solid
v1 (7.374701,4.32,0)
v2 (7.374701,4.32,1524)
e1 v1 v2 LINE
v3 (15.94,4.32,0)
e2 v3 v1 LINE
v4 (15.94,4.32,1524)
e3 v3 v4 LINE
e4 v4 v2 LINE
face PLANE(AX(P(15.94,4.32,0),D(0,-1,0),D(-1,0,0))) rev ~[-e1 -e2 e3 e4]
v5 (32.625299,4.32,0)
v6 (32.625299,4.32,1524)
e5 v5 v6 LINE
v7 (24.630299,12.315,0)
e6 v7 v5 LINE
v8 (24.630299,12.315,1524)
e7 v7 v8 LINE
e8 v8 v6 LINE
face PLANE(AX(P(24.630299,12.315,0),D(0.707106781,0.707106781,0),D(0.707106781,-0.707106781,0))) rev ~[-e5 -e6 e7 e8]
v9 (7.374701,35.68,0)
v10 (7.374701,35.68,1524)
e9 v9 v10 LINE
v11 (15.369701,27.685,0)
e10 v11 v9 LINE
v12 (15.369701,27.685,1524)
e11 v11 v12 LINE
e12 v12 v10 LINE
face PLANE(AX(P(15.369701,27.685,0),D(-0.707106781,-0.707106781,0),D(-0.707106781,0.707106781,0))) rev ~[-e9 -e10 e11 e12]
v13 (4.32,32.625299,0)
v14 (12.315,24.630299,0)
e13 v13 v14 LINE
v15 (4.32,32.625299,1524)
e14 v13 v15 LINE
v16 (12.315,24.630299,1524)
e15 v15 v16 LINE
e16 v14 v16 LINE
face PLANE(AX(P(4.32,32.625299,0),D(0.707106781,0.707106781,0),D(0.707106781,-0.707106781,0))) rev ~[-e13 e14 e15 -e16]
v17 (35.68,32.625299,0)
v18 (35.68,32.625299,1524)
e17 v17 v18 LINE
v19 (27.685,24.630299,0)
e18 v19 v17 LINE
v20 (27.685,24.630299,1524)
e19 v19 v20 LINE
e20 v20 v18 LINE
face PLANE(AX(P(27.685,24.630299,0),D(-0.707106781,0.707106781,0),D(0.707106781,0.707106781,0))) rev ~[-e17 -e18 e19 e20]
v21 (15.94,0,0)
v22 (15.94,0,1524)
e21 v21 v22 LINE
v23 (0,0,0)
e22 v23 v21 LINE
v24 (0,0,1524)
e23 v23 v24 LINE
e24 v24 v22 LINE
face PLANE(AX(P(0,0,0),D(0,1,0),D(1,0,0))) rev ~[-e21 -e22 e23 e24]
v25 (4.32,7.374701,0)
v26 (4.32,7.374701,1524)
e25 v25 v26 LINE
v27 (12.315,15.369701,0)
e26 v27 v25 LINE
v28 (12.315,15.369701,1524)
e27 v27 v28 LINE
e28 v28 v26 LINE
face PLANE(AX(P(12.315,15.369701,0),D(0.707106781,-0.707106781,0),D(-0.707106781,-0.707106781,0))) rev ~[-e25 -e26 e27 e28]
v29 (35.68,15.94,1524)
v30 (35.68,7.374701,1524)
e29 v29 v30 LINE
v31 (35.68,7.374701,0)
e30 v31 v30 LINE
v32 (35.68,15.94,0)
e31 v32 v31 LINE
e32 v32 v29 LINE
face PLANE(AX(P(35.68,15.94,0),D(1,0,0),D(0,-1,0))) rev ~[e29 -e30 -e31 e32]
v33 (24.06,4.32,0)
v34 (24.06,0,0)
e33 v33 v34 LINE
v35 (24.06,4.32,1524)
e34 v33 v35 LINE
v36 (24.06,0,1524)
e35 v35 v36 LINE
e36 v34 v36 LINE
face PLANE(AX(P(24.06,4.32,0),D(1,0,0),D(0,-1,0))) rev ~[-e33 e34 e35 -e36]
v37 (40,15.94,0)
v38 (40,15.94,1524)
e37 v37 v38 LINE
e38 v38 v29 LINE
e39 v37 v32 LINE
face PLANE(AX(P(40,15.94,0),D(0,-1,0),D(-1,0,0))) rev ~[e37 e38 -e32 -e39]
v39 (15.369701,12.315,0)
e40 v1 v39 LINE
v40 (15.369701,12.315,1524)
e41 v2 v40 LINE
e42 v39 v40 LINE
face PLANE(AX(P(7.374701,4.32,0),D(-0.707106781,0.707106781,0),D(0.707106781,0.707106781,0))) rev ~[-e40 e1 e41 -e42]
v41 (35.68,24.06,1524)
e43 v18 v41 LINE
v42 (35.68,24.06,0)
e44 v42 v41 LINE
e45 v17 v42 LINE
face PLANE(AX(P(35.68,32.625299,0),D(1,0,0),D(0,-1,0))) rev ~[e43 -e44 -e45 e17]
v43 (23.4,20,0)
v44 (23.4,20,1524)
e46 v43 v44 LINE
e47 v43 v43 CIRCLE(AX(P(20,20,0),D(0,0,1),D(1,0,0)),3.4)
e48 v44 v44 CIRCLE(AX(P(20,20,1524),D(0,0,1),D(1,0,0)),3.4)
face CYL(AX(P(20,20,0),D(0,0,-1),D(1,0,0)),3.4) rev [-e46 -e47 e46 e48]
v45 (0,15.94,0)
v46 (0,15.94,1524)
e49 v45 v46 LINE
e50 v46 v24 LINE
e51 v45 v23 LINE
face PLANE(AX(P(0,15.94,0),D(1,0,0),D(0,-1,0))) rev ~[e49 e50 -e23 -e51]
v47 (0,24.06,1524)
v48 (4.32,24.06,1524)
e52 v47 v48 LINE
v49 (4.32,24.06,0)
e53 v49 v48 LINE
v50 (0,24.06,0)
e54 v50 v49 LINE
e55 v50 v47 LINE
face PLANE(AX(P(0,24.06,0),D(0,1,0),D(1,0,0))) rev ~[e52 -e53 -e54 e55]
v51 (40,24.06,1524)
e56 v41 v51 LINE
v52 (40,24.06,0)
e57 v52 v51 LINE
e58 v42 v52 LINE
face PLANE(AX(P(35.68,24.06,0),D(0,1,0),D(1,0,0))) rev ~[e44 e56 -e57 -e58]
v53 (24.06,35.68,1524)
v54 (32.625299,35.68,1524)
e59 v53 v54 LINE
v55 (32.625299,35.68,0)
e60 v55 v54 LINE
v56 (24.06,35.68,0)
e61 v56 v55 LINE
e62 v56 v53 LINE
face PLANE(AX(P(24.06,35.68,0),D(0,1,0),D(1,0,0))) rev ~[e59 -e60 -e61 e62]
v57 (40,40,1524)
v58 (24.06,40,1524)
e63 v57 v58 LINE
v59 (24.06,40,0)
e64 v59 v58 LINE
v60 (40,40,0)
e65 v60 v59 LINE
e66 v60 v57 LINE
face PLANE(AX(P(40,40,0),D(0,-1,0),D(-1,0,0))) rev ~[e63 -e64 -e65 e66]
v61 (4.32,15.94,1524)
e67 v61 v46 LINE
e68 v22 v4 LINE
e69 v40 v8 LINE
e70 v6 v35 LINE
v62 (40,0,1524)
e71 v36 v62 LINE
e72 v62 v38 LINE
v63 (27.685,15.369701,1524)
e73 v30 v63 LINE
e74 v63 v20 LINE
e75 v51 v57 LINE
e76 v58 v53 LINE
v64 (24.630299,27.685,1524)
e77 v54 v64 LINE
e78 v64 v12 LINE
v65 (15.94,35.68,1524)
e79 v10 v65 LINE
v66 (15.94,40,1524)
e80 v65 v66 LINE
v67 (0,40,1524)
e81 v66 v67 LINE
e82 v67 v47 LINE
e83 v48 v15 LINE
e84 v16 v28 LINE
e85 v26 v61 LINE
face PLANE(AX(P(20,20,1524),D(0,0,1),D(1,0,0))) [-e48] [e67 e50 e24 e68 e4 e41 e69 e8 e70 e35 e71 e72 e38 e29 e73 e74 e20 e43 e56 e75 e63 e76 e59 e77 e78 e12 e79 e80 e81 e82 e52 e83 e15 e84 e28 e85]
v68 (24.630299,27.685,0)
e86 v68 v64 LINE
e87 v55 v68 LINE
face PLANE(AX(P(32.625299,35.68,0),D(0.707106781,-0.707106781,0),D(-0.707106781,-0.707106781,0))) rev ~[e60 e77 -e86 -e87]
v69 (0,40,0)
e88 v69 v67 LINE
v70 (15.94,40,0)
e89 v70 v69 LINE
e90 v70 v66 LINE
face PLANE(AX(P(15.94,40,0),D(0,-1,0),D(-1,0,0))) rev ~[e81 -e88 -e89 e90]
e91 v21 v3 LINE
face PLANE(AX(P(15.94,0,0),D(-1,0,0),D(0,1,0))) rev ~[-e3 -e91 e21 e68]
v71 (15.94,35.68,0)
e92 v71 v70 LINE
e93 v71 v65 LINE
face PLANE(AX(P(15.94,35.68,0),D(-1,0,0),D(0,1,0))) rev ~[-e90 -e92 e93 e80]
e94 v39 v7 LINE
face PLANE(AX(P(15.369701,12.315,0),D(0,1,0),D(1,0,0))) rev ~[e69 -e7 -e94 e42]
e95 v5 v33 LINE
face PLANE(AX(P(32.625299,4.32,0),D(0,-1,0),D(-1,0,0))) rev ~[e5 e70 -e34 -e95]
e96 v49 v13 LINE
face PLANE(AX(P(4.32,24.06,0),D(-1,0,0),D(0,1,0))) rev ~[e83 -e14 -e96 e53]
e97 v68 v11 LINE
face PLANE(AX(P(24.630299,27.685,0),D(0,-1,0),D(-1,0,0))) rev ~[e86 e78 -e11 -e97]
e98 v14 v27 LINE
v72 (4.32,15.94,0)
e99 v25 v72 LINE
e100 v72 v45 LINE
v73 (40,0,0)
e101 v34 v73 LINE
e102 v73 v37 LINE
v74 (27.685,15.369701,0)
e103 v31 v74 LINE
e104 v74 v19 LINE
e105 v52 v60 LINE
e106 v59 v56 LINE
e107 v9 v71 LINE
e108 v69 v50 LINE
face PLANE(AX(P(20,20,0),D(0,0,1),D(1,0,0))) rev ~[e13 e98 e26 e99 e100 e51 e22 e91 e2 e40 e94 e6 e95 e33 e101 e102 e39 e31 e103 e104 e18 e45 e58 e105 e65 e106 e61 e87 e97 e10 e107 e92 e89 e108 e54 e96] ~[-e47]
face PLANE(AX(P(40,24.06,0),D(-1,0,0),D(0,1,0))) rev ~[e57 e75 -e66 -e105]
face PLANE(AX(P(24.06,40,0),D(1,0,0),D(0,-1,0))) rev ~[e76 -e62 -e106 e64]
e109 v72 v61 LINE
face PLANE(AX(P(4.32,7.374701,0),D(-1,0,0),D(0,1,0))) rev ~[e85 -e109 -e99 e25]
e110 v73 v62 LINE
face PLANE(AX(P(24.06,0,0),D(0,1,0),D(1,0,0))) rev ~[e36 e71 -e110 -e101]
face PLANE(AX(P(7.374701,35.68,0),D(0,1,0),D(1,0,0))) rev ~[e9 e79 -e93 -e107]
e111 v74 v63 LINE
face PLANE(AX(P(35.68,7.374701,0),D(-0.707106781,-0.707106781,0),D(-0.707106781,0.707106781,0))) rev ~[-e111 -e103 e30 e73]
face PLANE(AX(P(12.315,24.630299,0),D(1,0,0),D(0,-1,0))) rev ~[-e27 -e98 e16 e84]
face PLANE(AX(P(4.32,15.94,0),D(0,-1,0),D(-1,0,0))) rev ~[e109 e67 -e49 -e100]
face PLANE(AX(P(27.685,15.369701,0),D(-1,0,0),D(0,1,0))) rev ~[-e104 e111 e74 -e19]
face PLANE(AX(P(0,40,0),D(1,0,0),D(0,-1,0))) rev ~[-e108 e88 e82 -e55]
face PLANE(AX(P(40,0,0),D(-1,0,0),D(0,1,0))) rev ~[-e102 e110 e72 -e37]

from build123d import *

# Parameters (mm, degrees)
SKETCH1_R           = 3.4
BOSS_EXTRUDE1_DEPTH = 1524


with BuildPart() as part:
    # Sketch1 → Boss-Extrude1 (new body)
    with BuildSketch(Plane.XY):
        Polygon((0, 0), (15.94, 0), (15.94, 4.32), (7.374701295, 4.32), (15.369701295, 12.315), (24.630298705, 12.315), (32.625298705, 4.32), (24.06, 4.32), (24.06, 0), (40, 0), (40, 15.94), (35.68, 15.94), (35.68, 7.374701295), (27.685, 15.369701295), (27.685, 24.630298705), (35.68, 32.625298705), (35.68, 24.06), (40, 24.06), (40, 40), (24.06, 40), (24.06, 35.68), (32.625298705, 35.68), (24.630298705, 27.685), (15.369701295, 27.685), (7.374701295, 35.68), (15.94, 35.68), (15.94, 40), (0, 40), (0, 24.06), (4.32, 24.06), (4.32, 32.625298705), (12.315, 24.630298705), (12.315, 15.369701295), (4.32, 7.374701295), (4.32, 15.94), (0, 15.94), align=None)
        with Locations((20, 20)):
            Circle(SKETCH1_R, mode=Mode.SUBTRACT)
    extrude(amount=BOSS_EXTRUDE1_DEPTH)


solid = part.part
